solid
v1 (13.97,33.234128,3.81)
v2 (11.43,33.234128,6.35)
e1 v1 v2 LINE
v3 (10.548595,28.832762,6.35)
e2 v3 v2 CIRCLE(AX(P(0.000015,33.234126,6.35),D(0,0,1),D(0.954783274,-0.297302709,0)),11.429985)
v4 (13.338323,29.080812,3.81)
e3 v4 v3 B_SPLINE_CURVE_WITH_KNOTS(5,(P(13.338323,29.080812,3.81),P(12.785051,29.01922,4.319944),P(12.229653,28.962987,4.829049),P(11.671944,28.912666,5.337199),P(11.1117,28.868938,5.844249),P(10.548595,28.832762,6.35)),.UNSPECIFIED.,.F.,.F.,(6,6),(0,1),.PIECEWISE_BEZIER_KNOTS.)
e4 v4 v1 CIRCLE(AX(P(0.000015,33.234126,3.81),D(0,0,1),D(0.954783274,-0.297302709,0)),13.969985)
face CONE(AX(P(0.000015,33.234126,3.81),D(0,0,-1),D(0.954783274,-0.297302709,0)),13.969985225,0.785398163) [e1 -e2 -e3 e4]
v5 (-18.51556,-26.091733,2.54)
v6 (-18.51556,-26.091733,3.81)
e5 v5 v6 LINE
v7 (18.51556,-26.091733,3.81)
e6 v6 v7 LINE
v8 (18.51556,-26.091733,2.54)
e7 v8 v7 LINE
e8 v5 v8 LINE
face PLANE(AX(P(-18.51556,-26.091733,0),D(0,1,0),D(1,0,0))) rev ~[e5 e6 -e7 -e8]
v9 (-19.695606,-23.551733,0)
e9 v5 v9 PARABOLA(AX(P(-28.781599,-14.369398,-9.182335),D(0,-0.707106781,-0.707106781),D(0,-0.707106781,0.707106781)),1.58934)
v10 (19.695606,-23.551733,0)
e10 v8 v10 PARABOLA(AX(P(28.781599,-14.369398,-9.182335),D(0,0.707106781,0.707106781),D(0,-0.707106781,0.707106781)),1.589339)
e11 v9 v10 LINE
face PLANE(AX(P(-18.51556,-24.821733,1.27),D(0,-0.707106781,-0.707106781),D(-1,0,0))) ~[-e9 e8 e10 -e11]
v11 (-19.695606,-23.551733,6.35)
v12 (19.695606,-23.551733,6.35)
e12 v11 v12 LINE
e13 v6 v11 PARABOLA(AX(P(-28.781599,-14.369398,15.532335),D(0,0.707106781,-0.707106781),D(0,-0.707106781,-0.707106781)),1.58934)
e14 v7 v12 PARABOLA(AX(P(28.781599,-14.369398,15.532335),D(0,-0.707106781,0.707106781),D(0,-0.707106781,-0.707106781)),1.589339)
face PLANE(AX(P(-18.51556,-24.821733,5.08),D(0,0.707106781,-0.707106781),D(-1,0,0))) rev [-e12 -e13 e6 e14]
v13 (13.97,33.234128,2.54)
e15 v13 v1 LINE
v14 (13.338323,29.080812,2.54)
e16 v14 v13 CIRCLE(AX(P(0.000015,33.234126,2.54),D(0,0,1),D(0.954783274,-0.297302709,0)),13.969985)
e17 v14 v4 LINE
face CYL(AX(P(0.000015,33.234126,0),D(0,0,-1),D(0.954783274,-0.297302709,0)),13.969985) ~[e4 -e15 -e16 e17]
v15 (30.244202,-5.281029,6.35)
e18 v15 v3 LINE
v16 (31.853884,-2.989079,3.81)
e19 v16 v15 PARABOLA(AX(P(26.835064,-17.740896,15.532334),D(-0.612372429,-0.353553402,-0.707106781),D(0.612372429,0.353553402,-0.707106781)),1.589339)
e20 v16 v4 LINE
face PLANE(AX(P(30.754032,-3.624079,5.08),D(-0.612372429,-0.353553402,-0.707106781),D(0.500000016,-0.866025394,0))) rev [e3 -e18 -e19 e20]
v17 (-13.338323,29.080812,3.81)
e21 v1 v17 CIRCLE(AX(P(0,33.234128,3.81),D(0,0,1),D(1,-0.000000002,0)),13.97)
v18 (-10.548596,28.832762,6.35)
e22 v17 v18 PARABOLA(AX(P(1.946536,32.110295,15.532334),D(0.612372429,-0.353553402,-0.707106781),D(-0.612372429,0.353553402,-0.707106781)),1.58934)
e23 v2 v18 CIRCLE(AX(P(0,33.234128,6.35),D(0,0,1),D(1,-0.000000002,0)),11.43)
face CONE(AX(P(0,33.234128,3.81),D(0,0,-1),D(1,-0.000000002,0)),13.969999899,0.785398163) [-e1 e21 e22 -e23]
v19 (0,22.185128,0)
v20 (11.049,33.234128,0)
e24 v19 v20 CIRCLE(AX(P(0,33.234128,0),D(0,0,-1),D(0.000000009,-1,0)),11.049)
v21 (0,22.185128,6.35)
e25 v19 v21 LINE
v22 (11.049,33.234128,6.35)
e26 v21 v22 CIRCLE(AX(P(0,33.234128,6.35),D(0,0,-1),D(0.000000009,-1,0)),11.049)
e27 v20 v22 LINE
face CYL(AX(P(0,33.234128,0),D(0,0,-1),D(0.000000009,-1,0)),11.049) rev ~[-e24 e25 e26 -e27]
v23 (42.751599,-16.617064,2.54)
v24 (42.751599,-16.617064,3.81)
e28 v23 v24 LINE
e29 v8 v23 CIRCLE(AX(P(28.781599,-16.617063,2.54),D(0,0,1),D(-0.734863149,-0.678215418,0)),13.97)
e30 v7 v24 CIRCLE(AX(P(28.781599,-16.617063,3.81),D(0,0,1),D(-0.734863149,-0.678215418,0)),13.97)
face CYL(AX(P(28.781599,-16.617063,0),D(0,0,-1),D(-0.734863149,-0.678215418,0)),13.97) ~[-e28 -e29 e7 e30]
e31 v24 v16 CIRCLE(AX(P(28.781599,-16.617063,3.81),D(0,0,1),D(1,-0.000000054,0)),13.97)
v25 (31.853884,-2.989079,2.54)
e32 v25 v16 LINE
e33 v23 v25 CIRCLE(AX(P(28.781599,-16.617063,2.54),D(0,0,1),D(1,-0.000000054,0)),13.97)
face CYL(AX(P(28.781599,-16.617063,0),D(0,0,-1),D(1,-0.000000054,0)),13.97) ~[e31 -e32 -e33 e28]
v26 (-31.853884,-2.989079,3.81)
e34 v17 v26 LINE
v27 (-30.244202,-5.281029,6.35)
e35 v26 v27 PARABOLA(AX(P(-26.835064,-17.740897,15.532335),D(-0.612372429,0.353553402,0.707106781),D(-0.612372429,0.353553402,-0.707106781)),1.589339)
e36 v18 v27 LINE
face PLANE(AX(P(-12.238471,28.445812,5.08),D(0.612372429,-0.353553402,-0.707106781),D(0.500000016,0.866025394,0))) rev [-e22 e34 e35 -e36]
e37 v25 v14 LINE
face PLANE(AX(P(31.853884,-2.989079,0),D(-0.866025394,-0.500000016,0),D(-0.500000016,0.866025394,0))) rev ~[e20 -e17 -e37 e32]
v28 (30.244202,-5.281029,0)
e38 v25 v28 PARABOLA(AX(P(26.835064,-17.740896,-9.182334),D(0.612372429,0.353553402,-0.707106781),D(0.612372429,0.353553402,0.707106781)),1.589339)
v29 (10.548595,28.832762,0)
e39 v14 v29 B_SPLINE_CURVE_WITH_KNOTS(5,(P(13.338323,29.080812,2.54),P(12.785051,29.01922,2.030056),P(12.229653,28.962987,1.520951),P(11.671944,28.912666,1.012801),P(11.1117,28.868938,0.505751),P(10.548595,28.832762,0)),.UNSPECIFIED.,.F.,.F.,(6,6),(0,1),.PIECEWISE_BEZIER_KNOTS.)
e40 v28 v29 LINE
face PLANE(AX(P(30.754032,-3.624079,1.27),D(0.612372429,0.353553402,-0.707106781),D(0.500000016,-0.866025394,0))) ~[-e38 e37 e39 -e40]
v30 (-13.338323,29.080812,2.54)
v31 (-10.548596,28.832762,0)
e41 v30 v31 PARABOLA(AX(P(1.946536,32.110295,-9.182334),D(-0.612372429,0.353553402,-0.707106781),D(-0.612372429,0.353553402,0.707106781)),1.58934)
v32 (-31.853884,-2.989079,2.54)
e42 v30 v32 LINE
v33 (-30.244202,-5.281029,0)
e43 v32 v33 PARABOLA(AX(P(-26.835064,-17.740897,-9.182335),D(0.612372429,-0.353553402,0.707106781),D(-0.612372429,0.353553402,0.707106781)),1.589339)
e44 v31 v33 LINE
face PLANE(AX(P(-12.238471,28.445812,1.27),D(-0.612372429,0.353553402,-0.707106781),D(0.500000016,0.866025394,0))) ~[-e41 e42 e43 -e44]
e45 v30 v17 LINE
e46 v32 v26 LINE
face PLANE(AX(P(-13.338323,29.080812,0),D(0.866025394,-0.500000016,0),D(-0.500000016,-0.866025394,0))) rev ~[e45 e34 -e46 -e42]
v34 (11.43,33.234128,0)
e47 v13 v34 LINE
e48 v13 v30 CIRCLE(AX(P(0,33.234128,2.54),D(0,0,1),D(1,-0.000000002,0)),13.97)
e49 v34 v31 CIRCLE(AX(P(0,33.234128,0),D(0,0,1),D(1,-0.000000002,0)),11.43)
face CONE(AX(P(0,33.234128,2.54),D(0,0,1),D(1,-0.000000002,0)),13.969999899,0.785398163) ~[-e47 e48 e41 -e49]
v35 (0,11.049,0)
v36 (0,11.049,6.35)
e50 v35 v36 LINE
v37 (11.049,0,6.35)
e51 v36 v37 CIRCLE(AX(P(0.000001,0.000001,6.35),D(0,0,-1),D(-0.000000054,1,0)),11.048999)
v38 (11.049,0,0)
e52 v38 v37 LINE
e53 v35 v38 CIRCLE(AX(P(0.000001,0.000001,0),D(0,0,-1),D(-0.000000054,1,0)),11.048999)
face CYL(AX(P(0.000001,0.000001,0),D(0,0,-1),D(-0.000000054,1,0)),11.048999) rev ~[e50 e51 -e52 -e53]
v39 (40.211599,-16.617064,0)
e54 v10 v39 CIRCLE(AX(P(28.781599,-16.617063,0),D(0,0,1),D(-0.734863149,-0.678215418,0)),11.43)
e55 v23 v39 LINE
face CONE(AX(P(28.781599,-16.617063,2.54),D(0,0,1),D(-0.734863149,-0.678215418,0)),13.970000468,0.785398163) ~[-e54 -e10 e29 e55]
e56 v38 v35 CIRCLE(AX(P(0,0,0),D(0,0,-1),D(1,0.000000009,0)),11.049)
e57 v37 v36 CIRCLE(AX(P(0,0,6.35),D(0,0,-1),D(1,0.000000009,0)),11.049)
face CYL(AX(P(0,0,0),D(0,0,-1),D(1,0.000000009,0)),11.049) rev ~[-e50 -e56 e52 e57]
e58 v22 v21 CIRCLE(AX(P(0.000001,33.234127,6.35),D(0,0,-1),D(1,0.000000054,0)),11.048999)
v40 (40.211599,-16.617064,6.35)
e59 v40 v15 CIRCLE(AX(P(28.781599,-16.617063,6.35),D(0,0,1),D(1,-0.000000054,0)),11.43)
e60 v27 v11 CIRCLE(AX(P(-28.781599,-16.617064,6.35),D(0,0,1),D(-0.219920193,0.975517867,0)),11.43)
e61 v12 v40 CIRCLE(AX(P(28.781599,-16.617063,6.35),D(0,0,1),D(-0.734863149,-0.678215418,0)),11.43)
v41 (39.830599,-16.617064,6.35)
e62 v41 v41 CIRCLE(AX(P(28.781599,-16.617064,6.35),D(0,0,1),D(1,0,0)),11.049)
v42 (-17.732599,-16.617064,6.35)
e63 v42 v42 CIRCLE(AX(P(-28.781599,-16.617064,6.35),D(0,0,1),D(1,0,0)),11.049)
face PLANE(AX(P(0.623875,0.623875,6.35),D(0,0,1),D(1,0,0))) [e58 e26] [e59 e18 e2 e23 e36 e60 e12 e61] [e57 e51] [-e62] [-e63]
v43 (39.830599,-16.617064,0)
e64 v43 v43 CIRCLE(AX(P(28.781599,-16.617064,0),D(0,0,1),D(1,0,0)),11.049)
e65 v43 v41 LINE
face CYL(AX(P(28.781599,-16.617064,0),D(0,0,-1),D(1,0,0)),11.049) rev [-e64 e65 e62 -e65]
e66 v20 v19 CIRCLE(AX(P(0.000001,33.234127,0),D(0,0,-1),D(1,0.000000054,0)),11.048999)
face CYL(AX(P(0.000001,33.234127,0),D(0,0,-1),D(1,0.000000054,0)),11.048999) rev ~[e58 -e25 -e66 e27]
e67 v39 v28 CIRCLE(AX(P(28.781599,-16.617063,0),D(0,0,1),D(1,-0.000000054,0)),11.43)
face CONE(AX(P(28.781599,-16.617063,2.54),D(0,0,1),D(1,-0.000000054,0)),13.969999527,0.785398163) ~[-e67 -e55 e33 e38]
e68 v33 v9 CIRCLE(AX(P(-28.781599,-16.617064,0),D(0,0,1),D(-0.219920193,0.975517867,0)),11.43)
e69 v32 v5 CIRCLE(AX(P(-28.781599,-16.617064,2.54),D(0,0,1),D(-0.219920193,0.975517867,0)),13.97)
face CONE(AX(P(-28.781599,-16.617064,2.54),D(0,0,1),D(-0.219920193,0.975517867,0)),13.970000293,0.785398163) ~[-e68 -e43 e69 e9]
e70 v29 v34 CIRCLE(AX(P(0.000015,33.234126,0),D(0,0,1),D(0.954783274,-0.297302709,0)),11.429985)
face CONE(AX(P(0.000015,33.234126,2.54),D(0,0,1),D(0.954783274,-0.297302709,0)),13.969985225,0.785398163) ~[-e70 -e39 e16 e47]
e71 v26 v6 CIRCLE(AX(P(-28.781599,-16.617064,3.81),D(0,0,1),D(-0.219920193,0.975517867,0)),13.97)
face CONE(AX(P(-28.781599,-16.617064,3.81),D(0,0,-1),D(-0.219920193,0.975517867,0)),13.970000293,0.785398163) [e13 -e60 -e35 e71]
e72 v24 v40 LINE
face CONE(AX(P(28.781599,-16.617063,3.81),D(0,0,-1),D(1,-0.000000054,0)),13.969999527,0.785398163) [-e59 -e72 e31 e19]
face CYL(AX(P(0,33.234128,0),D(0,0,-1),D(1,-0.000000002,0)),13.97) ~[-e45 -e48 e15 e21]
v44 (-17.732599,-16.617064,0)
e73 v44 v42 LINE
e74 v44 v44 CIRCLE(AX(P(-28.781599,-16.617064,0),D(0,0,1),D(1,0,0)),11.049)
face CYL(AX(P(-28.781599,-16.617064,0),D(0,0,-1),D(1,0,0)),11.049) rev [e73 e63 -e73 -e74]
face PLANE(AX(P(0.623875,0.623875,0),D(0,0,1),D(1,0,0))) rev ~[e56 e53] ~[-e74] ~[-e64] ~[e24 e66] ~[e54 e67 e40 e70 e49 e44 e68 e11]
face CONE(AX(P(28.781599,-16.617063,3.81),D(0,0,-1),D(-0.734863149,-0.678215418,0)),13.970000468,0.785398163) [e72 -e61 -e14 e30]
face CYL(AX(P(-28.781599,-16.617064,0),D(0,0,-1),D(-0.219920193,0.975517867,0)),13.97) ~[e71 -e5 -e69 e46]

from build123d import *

# Parameters (mm, degrees)
F0_R     = 11.049
F1_DEPTH = 6.35
F2_SIZE  = 2.54
F3_DEPTH = 6.35


with BuildPart() as f1:
    # F0 (on Top) → F1 (new body)
    with BuildSketch(Plane.XY):
        with BuildLine():
            ThreePointArc((0, 11.049), (-7.812823, -7.812823), (11.049, 0))
            ThreePointArc((11.049, 0), (7.812823, 7.812823), (0, 11.049))
        make_face()
        with BuildLine():
            ThreePointArc((13.97, 0), (9.878282, 9.878282), (0, 13.97))
            ThreePointArc((0, 13.97), (-9.878282, -9.878282), (13.97, 0))
        make_face()
        with BuildLine():
            ThreePointArc((0, 11.049), (7.812823, 7.812823), (11.049, 0))
            ThreePointArc((11.049, 0), (-7.812823, -7.812823), (0, 11.049))
        make_face(mode=Mode.SUBTRACT)
        with BuildLine():
            ThreePointArc((13.338323, 29.080812), (8.280673, 21.982845), (0, 19.264128))
            ThreePointArc((0, 19.264128), (-8.280673, 21.982845), (-13.338323, 29.080812))
            ThreePointArc((-13.338323, 29.080812), (-15.574662, 8.992035), (-31.853884, -2.989079))
            ThreePointArc((-31.853884, -2.989079), (-20.05689, -5.706502), (-14.811599, -16.617064))
            ThreePointArc((-14.811599, -16.617064), (-15.770499, -21.703533), (-18.51556, -26.091733))
            ThreePointArc((-18.51556, -26.091733), (0, -17.984071), (18.51556, -26.091733))
            ThreePointArc((18.51556, -26.091733), (16.683224, -9.632064), (31.853884, -2.989079))
            ThreePointArc((31.853884, -2.989079), (15.574662, 8.992035), (13.338323, 29.080812))
        make_face()
        with BuildLine():
            ThreePointArc((13.97, 0), (-9.878282, -9.878282), (0, 13.97))
            ThreePointArc((0, 13.97), (9.878282, 9.878282), (13.97, 0))
        make_face(mode=Mode.SUBTRACT)
        with BuildLine():
            ThreePointArc((11.049, 33.234128), (-7.812823, 41.046951), (0, 22.185128))
            ThreePointArc((0, 22.185128), (7.812823, 25.421305), (11.049, 33.234128))
        make_face()
        with BuildLine():
            ThreePointArc((-13.338323, 29.080812), (-8.280673, 21.982845), (0, 19.264128))
            ThreePointArc((0, 19.264128), (8.280673, 21.982845), (13.338323, 29.080812))
            ThreePointArc((13.338323, 29.080812), (13.811178, 31.133589), (13.97, 33.234128))
            ThreePointArc((13.97, 33.234128), (-2.100538, 47.045306), (-13.338323, 29.080812))
        make_face()
        with BuildLine():
            ThreePointArc((11.049, 33.234128), (7.812823, 25.421305), (0, 22.185128))
            ThreePointArc((0, 22.185128), (-7.812823, 41.046951), (11.049, 33.234128))
        make_face(mode=Mode.SUBTRACT)
        with BuildLine():
            ThreePointArc((-31.853884, -2.989079), (-15.574662, 8.992035), (-13.338323, 29.080812))
            Line((-13.338323, 29.080812), (-31.853884, -2.989079))
        make_face()
        with BuildLine():
            Line((31.853884, -2.989079), (13.338323, 29.080812))
            ThreePointArc((13.338323, 29.080812), (15.574662, 8.992035), (31.853884, -2.989079))
        make_face()
        with BuildLine():
            ThreePointArc((-14.811599, -16.617064), (-20.05689, -5.706502), (-31.853884, -2.989079))
            ThreePointArc((-31.853884, -2.989079), (-40.879974, -23.602064), (-18.51556, -26.091733))
            ThreePointArc((-18.51556, -26.091733), (-15.770499, -21.703533), (-14.811599, -16.617064))
        make_face()
        with Locations((-28.781599, -16.617064)):
            Circle(F0_R, mode=Mode.SUBTRACT)
        with BuildLine():
            ThreePointArc((42.751599, -16.617064), (39.692161, -7.892355), (31.853884, -2.989079))
            ThreePointArc((31.853884, -2.989079), (16.683224, -9.632064), (18.51556, -26.091733))
            ThreePointArc((18.51556, -26.091733), (33.868068, -29.628164), (42.751599, -16.617064))
        make_face()
        with Locations((28.781599, -16.617064)):
            Circle(F0_R, mode=Mode.SUBTRACT)
        with BuildLine():
            ThreePointArc((18.51556, -26.091733), (0, -17.984071), (-18.51556, -26.091733))
            Line((-18.51556, -26.091733), (18.51556, -26.091733))
        make_face()
    extrude(amount=F1_DEPTH)

    # F2
    f2_edges = [f1.edges().sort_by_distance(p)[0] for p in [
        (0, -26.091733, 6.35),
        (-22.596104, 13.045866, 6.35),
        (22.596104, 13.045866, 6.35),
        (-40.879974, -23.602064, 6.35),
        (40.879974, -23.602064, 6.35),
        (0, 47.204128, 6.35),
        (0, 47.204128, 0),
        (-22.596104, 13.045866, 0),
        (-40.879974, -23.602064, 0),
        (0, -26.091733, 0),
        (40.879974, -23.602064, 0),
        (22.596104, 13.045866, 0),
    ]]
    chamfer(f2_edges, length=F2_SIZE)

    # F0 (on Top) → F3 (join)
    with BuildSketch(Plane.XY):
        with BuildLine():
            ThreePointArc((13.97, 0), (9.878282, 9.878282), (0, 13.97))
            ThreePointArc((0, 13.97), (-9.878282, -9.878282), (13.97, 0))
        make_face()
        with BuildLine():
            ThreePointArc((0, 11.049), (7.812823, 7.812823), (11.049, 0))
            ThreePointArc((11.049, 0), (-7.812823, -7.812823), (0, 11.049))
        make_face(mode=Mode.SUBTRACT)
    extrude(amount=F3_DEPTH)


solid = f1.part
